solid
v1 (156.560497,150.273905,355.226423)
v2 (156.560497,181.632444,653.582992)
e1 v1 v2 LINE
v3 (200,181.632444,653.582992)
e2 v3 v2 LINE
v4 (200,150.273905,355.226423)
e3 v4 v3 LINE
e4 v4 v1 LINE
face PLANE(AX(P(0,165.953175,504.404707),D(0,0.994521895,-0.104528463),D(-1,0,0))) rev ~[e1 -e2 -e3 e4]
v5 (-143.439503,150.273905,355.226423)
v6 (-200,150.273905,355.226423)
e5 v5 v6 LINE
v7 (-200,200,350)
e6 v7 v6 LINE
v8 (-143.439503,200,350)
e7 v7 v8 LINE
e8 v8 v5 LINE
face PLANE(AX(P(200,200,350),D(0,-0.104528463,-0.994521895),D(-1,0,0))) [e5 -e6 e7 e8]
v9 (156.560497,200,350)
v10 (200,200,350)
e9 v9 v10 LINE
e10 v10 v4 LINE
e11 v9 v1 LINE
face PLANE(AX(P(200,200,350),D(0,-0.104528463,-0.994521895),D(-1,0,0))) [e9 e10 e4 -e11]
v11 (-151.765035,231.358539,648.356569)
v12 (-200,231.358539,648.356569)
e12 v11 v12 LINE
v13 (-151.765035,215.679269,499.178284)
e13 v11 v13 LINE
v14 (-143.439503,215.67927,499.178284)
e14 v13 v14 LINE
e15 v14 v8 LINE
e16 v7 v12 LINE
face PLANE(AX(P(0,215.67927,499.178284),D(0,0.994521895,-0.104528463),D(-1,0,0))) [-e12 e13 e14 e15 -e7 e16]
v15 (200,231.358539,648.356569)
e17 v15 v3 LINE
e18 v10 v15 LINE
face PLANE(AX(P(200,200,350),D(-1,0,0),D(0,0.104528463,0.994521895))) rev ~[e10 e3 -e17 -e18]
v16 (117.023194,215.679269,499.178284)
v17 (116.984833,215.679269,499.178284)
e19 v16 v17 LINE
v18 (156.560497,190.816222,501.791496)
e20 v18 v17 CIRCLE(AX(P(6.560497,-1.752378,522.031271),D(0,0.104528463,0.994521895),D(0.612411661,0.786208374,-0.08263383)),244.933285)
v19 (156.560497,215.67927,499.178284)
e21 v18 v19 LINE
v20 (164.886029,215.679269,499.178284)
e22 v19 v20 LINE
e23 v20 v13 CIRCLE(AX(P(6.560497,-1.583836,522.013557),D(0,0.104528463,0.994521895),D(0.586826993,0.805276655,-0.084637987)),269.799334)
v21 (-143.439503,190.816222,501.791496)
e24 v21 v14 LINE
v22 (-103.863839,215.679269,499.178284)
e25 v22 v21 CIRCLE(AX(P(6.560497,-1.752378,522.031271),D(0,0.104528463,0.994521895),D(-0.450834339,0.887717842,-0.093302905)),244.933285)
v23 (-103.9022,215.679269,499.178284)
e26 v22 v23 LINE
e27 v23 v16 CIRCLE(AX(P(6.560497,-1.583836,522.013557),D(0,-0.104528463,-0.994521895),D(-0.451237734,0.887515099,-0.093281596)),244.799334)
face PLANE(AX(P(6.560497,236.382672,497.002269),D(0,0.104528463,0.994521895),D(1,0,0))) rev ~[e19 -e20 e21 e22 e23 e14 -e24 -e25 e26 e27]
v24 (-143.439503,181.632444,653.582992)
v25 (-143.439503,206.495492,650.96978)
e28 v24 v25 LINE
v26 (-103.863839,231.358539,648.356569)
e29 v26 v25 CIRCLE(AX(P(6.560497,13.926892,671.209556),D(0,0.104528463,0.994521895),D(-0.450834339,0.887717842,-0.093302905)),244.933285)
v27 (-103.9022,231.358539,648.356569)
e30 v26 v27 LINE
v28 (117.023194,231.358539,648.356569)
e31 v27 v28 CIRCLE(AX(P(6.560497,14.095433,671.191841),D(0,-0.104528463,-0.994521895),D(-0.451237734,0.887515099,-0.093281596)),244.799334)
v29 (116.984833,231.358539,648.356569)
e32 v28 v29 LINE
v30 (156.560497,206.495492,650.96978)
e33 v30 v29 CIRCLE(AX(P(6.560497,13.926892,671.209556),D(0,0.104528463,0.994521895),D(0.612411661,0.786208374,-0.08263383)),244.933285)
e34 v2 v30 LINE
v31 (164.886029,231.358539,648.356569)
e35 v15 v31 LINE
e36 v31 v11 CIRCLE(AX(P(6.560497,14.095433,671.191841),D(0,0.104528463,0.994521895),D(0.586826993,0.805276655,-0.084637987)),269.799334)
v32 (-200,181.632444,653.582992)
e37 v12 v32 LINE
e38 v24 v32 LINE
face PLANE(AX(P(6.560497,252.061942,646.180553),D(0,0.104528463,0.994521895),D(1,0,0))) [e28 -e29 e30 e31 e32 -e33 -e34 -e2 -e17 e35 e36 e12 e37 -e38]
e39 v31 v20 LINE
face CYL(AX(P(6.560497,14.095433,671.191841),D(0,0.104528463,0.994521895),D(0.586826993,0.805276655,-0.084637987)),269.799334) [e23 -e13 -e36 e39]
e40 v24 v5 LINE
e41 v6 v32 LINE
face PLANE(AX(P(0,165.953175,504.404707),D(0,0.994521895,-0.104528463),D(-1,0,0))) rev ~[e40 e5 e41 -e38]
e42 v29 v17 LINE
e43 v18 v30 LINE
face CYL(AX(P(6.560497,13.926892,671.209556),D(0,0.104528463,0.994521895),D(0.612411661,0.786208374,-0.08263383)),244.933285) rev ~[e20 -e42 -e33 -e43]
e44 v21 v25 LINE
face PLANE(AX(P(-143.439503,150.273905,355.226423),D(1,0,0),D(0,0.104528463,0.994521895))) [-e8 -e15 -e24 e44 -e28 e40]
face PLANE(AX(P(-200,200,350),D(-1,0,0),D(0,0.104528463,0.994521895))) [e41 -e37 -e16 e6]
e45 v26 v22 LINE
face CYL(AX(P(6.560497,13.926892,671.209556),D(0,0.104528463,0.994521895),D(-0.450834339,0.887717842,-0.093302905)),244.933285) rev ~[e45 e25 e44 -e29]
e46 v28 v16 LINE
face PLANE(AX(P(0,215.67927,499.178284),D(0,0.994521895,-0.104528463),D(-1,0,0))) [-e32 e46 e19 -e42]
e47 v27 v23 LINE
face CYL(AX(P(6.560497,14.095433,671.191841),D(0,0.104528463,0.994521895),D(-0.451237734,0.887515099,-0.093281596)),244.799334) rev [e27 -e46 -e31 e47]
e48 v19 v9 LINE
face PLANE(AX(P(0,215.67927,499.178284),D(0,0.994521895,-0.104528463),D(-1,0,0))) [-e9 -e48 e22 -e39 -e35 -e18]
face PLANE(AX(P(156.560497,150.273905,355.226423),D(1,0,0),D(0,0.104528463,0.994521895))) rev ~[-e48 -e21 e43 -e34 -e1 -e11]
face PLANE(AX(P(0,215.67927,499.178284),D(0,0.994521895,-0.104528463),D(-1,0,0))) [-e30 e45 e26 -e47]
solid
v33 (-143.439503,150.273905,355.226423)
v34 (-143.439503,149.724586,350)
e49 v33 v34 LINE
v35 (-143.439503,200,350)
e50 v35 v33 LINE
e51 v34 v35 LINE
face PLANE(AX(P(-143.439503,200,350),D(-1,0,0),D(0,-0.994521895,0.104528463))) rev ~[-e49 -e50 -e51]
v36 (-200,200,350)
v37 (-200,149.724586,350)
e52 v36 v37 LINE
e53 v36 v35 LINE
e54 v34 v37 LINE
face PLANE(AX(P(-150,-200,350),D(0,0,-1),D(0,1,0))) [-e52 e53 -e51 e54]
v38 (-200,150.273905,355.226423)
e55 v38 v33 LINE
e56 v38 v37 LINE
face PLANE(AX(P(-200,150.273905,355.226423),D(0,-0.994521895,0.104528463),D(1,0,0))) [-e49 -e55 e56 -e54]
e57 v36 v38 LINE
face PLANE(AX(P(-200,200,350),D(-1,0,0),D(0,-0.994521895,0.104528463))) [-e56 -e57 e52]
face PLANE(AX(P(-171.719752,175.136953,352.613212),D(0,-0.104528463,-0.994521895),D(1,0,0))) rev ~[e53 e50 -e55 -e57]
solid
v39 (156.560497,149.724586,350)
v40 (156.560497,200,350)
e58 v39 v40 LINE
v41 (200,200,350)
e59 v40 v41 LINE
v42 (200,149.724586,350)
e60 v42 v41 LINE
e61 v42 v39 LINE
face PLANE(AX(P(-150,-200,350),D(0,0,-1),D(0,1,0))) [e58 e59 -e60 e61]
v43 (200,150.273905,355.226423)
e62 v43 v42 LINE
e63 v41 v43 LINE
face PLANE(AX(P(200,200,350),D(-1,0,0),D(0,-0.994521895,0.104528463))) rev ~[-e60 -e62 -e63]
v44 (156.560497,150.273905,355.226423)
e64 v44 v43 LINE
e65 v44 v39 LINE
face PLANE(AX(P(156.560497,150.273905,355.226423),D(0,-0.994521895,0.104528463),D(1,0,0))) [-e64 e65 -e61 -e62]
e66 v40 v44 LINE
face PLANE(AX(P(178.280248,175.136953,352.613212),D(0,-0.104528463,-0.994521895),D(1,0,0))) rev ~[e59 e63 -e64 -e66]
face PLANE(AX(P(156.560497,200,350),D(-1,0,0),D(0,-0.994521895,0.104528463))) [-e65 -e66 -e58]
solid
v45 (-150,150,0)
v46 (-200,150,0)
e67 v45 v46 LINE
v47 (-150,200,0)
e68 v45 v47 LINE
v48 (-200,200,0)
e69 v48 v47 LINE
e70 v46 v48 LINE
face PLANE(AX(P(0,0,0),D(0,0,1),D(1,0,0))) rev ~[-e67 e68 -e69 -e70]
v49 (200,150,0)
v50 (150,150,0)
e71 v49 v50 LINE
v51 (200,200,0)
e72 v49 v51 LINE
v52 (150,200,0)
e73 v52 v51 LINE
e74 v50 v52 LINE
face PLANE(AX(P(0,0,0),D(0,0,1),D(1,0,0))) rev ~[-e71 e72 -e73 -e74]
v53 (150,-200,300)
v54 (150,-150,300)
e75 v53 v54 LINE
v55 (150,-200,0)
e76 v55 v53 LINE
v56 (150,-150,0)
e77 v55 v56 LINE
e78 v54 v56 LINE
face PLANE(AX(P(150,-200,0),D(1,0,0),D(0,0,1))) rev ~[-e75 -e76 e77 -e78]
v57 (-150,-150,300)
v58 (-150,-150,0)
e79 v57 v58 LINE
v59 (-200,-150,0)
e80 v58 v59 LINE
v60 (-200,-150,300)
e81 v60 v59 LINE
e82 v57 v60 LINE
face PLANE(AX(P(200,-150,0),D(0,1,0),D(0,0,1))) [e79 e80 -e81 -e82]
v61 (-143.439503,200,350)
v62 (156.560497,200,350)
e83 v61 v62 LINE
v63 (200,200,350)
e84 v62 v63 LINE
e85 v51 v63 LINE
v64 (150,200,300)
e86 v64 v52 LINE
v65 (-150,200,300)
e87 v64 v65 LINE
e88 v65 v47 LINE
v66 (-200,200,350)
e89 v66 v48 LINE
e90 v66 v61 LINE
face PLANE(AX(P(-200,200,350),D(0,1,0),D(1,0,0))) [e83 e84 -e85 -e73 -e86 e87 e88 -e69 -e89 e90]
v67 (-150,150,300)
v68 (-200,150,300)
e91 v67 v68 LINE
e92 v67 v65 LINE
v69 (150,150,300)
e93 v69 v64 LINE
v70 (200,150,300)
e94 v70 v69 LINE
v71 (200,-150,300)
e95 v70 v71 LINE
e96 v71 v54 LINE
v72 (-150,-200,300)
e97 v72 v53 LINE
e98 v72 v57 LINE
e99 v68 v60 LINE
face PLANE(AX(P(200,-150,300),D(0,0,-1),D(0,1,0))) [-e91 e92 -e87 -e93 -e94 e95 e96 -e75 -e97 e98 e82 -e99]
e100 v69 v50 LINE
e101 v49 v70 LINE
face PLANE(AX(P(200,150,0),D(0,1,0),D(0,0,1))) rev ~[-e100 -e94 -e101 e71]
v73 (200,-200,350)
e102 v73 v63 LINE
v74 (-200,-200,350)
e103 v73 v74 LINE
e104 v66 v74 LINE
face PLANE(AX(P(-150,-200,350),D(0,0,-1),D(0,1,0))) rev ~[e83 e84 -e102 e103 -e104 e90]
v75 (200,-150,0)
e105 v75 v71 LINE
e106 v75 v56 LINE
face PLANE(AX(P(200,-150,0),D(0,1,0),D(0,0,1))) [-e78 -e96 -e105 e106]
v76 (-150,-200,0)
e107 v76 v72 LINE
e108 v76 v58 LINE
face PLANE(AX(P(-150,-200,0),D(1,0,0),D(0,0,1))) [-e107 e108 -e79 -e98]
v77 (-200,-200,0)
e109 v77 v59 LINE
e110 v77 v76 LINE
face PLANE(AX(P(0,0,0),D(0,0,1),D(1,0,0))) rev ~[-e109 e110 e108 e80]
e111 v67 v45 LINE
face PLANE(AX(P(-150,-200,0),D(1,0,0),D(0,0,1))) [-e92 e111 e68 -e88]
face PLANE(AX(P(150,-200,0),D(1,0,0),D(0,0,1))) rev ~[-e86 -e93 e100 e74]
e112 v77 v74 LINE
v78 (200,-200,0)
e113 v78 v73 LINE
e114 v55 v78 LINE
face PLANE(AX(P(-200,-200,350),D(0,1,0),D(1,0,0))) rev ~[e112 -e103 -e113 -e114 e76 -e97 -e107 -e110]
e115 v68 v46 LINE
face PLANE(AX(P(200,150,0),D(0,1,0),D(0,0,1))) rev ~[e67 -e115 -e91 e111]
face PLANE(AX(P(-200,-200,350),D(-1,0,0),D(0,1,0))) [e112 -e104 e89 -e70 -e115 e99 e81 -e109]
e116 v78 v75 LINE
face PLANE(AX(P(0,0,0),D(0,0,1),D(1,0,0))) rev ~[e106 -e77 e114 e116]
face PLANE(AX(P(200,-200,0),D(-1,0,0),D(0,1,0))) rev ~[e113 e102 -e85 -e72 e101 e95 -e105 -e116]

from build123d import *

# Parameters (mm, degrees)
F0_W         = 400
F0_H         = 400
F1_DEPTH     = 350
F2_W         = 150
F2_H         = 300
F3_DEPTH     = 523
F4_W         = 150
F4_H         = 300
F5_DEPTH     = 523
F6_W         = 150
F6_H         = 300
F7_DEPTH     = 603
F8_W         = 50
F8_H         = 400
F9_DEPTH     = 300
F10_DEPTH    = 260
F15_W        = 400
F15_H        = 300
F16_DEPTH    = 50
F17_W        = 300
F17_H        = 300
F18_DEPTH    = 138
F19_W        = 150
F19_H        = 300
F20_DEPTH    = 431.3595389803
F21_W        = 300
F21_H        = 150
F22_DEPTH    = 117.7727157663
F22_FACE_W   = 56.5604969859
F22_FACE_H   = 50
F22_FACE_W_2 = 43.4395030141
F24_DEPTH    = 25
F26_DEPTH    = 150
F28_DEPTH    = 150


with BuildPart() as f1:
    # F0 (on Top) → F1 (new body)
    with BuildSketch(Plane.XY):
        Rectangle(F0_W, F0_H)
    extrude(amount=F1_DEPTH)

    # F2 (on face) → F3 (cut)
    with BuildSketch(Plane.YZ.offset(200)):
        with Locations((-75, 150)):
            Rectangle(F2_W, F2_H)
    extrude(amount=-F3_DEPTH, mode=Mode.SUBTRACT)

    # F4 (on face) → F5 (cut)
    with BuildSketch(Plane.YZ.offset(200)):
        with Locations((75, 150)):
            Rectangle(F4_W, F4_H)
    extrude(amount=-F5_DEPTH, mode=Mode.SUBTRACT)

    # F6 (on face) → F7 (cut)
    with BuildSketch(Plane.XZ.offset(200)):
        with Locations((-75, 150)):
            Rectangle(F6_W, F6_H)
    extrude(amount=-F7_DEPTH, mode=Mode.SUBTRACT)

    # F8 (on face) → F9 (join)
    with BuildSketch(Plane.XY.offset(350)):
        with Locations((-175, 0)):
            Rectangle(F8_W, F8_H)
    extrude(amount=F9_DEPTH)

    # F10 (cut): a face of the model
    f10_faces = [f1.faces().sort_by_distance(p)[0] for p in [
        (-150, 0, 500),
    ]]
    extrude(f10_faces, amount=-F10_DEPTH, mode=Mode.SUBTRACT)

    # F15 (on line) → F16 (join)
    with BuildSketch(Plane(origin=(0, 161.4302141803, -16.9669992102), x_dir=(-1, 0, 0), z_dir=(0, 0.9945218954, -0.1045284633))):
        with Locations((0, 518.9883560324)):
            Rectangle(F15_W, F15_H)
    extrude(amount=-F16_DEPTH)

    # F17 (on face) → F18 (cut)
    with BuildSketch(Plane(origin=(0, 111.7041194119, -11.7405760468), x_dir=(1, 0, 0), z_dir=(0, -0.9945218954, 0.1045284633))):
        with Locations((6.5604969859, 518.9883560324)):
            Rectangle(F17_W, F17_H)
    extrude(amount=F18_DEPTH, mode=Mode.SUBTRACT)

    # F19 (on face) → F20 (cut, through all)
    with BuildSketch(Plane.XZ.offset(200)):
        with Locations((75, 150)):
            Rectangle(F19_W, F19_H)
    extrude(amount=-F20_DEPTH, mode=Mode.SUBTRACT)

    # F21 (on face) → F22 (cut, through all)
    with BuildSketch(Plane(origin=(0, 111.7041194119, -11.7405760468), x_dir=(1, 0, 0), z_dir=(0, -0.9945218954, 0.1045284633))):
        with Locations((6.5604969859, 443.9883560324)):
            Rectangle(F21_W, F21_H)
    extrude(amount=-F22_DEPTH, mode=Mode.SUBTRACT)


with BuildPart() as f23:
    # F22_face (on face) → F23 (new body, up to the next surface of F1)
    with BuildSketch(Plane(origin=(-171.719751507, 175.1369526158, 352.6132115817), x_dir=(1, 0, 0), z_dir=(0, -0.1045284633, -0.9945218954))):
        Rectangle(F22_FACE_W, F22_FACE_H)
    extrude(until=Until.NEXT, target=f1.part)


with BuildPart() as f23b:
    # F22_face (on face) → F23, piece 2 (new body, up to the next surface of F1)
    with BuildSketch(Plane(origin=(-171.719751507, 175.1369526158, 352.6132115817), x_dir=(1, 0, 0), z_dir=(0, -0.1045284633, -0.9945218954))):
        with Locations((350, 0)):
            Rectangle(F22_FACE_W_2, F22_FACE_H)
    extrude(until=Until.NEXT, target=f1.part)


with BuildPart() as f1_1:
    add(f1.part)

    # F17 (on face) → F24 (cut)
    with BuildSketch(Plane(origin=(0, 111.7041194119, -11.7405760468), x_dir=(1, 0, 0), z_dir=(0, -0.9945218954, 0.1045284633))):
        with Locations((6.5604969859, 518.9883560324)):
            Rectangle(F17_W, F17_H)
    extrude(amount=-F24_DEPTH, mode=Mode.SUBTRACT)

    # F25 (on face) → F26 (join)
    with BuildSketch(Plane(origin=(0, 69.9283248, 665.3235678207), x_dir=(1, 0, 0), z_dir=(0, 0.1045284633, 0.9945218954))):
        with BuildLine():
            ThreePointArc((-103.9022000101, 162.31941693), (6.5604969859, 188.6588998813), (117.0231939819, 162.31941693))
            Line((117.0231939819, 162.31941693), (164.8860291896, 162.31941693))
            ThreePointArc((164.8860291896, 162.31941693), (6.5604969859, 213.6588998813), (-151.7650352177, 162.31941693))
            Line((-151.7650352177, 162.31941693), (-103.9022000101, 162.31941693))
        make_face()
    extrude(amount=-F26_DEPTH)

    # F27 (on face) → F28 (cut)
    with BuildSketch(Plane(origin=(0, 69.9283248, 665.3235678207), x_dir=(1, 0, 0), z_dir=(0, 0.1045284633, 0.9945218954))):
        with BuildLine():
            Line((-143.4395030141, 137.31941693), (156.5604969859, 137.31941693))
            ThreePointArc((156.5604969859, 137.31941693), (137.3712712446, 150.7670267438), (116.9848327318, 162.31941693))
            Line((116.9848327318, 162.31941693), (-103.86383876, 162.31941693))
            ThreePointArc((-103.86383876, 162.31941693), (-124.2502772728, 150.7670267438), (-143.4395030141, 137.31941693))
        make_face()
    extrude(amount=-F28_DEPTH, mode=Mode.SUBTRACT)


solid = Compound([f23.part, f23b.part, f1_1.part])
